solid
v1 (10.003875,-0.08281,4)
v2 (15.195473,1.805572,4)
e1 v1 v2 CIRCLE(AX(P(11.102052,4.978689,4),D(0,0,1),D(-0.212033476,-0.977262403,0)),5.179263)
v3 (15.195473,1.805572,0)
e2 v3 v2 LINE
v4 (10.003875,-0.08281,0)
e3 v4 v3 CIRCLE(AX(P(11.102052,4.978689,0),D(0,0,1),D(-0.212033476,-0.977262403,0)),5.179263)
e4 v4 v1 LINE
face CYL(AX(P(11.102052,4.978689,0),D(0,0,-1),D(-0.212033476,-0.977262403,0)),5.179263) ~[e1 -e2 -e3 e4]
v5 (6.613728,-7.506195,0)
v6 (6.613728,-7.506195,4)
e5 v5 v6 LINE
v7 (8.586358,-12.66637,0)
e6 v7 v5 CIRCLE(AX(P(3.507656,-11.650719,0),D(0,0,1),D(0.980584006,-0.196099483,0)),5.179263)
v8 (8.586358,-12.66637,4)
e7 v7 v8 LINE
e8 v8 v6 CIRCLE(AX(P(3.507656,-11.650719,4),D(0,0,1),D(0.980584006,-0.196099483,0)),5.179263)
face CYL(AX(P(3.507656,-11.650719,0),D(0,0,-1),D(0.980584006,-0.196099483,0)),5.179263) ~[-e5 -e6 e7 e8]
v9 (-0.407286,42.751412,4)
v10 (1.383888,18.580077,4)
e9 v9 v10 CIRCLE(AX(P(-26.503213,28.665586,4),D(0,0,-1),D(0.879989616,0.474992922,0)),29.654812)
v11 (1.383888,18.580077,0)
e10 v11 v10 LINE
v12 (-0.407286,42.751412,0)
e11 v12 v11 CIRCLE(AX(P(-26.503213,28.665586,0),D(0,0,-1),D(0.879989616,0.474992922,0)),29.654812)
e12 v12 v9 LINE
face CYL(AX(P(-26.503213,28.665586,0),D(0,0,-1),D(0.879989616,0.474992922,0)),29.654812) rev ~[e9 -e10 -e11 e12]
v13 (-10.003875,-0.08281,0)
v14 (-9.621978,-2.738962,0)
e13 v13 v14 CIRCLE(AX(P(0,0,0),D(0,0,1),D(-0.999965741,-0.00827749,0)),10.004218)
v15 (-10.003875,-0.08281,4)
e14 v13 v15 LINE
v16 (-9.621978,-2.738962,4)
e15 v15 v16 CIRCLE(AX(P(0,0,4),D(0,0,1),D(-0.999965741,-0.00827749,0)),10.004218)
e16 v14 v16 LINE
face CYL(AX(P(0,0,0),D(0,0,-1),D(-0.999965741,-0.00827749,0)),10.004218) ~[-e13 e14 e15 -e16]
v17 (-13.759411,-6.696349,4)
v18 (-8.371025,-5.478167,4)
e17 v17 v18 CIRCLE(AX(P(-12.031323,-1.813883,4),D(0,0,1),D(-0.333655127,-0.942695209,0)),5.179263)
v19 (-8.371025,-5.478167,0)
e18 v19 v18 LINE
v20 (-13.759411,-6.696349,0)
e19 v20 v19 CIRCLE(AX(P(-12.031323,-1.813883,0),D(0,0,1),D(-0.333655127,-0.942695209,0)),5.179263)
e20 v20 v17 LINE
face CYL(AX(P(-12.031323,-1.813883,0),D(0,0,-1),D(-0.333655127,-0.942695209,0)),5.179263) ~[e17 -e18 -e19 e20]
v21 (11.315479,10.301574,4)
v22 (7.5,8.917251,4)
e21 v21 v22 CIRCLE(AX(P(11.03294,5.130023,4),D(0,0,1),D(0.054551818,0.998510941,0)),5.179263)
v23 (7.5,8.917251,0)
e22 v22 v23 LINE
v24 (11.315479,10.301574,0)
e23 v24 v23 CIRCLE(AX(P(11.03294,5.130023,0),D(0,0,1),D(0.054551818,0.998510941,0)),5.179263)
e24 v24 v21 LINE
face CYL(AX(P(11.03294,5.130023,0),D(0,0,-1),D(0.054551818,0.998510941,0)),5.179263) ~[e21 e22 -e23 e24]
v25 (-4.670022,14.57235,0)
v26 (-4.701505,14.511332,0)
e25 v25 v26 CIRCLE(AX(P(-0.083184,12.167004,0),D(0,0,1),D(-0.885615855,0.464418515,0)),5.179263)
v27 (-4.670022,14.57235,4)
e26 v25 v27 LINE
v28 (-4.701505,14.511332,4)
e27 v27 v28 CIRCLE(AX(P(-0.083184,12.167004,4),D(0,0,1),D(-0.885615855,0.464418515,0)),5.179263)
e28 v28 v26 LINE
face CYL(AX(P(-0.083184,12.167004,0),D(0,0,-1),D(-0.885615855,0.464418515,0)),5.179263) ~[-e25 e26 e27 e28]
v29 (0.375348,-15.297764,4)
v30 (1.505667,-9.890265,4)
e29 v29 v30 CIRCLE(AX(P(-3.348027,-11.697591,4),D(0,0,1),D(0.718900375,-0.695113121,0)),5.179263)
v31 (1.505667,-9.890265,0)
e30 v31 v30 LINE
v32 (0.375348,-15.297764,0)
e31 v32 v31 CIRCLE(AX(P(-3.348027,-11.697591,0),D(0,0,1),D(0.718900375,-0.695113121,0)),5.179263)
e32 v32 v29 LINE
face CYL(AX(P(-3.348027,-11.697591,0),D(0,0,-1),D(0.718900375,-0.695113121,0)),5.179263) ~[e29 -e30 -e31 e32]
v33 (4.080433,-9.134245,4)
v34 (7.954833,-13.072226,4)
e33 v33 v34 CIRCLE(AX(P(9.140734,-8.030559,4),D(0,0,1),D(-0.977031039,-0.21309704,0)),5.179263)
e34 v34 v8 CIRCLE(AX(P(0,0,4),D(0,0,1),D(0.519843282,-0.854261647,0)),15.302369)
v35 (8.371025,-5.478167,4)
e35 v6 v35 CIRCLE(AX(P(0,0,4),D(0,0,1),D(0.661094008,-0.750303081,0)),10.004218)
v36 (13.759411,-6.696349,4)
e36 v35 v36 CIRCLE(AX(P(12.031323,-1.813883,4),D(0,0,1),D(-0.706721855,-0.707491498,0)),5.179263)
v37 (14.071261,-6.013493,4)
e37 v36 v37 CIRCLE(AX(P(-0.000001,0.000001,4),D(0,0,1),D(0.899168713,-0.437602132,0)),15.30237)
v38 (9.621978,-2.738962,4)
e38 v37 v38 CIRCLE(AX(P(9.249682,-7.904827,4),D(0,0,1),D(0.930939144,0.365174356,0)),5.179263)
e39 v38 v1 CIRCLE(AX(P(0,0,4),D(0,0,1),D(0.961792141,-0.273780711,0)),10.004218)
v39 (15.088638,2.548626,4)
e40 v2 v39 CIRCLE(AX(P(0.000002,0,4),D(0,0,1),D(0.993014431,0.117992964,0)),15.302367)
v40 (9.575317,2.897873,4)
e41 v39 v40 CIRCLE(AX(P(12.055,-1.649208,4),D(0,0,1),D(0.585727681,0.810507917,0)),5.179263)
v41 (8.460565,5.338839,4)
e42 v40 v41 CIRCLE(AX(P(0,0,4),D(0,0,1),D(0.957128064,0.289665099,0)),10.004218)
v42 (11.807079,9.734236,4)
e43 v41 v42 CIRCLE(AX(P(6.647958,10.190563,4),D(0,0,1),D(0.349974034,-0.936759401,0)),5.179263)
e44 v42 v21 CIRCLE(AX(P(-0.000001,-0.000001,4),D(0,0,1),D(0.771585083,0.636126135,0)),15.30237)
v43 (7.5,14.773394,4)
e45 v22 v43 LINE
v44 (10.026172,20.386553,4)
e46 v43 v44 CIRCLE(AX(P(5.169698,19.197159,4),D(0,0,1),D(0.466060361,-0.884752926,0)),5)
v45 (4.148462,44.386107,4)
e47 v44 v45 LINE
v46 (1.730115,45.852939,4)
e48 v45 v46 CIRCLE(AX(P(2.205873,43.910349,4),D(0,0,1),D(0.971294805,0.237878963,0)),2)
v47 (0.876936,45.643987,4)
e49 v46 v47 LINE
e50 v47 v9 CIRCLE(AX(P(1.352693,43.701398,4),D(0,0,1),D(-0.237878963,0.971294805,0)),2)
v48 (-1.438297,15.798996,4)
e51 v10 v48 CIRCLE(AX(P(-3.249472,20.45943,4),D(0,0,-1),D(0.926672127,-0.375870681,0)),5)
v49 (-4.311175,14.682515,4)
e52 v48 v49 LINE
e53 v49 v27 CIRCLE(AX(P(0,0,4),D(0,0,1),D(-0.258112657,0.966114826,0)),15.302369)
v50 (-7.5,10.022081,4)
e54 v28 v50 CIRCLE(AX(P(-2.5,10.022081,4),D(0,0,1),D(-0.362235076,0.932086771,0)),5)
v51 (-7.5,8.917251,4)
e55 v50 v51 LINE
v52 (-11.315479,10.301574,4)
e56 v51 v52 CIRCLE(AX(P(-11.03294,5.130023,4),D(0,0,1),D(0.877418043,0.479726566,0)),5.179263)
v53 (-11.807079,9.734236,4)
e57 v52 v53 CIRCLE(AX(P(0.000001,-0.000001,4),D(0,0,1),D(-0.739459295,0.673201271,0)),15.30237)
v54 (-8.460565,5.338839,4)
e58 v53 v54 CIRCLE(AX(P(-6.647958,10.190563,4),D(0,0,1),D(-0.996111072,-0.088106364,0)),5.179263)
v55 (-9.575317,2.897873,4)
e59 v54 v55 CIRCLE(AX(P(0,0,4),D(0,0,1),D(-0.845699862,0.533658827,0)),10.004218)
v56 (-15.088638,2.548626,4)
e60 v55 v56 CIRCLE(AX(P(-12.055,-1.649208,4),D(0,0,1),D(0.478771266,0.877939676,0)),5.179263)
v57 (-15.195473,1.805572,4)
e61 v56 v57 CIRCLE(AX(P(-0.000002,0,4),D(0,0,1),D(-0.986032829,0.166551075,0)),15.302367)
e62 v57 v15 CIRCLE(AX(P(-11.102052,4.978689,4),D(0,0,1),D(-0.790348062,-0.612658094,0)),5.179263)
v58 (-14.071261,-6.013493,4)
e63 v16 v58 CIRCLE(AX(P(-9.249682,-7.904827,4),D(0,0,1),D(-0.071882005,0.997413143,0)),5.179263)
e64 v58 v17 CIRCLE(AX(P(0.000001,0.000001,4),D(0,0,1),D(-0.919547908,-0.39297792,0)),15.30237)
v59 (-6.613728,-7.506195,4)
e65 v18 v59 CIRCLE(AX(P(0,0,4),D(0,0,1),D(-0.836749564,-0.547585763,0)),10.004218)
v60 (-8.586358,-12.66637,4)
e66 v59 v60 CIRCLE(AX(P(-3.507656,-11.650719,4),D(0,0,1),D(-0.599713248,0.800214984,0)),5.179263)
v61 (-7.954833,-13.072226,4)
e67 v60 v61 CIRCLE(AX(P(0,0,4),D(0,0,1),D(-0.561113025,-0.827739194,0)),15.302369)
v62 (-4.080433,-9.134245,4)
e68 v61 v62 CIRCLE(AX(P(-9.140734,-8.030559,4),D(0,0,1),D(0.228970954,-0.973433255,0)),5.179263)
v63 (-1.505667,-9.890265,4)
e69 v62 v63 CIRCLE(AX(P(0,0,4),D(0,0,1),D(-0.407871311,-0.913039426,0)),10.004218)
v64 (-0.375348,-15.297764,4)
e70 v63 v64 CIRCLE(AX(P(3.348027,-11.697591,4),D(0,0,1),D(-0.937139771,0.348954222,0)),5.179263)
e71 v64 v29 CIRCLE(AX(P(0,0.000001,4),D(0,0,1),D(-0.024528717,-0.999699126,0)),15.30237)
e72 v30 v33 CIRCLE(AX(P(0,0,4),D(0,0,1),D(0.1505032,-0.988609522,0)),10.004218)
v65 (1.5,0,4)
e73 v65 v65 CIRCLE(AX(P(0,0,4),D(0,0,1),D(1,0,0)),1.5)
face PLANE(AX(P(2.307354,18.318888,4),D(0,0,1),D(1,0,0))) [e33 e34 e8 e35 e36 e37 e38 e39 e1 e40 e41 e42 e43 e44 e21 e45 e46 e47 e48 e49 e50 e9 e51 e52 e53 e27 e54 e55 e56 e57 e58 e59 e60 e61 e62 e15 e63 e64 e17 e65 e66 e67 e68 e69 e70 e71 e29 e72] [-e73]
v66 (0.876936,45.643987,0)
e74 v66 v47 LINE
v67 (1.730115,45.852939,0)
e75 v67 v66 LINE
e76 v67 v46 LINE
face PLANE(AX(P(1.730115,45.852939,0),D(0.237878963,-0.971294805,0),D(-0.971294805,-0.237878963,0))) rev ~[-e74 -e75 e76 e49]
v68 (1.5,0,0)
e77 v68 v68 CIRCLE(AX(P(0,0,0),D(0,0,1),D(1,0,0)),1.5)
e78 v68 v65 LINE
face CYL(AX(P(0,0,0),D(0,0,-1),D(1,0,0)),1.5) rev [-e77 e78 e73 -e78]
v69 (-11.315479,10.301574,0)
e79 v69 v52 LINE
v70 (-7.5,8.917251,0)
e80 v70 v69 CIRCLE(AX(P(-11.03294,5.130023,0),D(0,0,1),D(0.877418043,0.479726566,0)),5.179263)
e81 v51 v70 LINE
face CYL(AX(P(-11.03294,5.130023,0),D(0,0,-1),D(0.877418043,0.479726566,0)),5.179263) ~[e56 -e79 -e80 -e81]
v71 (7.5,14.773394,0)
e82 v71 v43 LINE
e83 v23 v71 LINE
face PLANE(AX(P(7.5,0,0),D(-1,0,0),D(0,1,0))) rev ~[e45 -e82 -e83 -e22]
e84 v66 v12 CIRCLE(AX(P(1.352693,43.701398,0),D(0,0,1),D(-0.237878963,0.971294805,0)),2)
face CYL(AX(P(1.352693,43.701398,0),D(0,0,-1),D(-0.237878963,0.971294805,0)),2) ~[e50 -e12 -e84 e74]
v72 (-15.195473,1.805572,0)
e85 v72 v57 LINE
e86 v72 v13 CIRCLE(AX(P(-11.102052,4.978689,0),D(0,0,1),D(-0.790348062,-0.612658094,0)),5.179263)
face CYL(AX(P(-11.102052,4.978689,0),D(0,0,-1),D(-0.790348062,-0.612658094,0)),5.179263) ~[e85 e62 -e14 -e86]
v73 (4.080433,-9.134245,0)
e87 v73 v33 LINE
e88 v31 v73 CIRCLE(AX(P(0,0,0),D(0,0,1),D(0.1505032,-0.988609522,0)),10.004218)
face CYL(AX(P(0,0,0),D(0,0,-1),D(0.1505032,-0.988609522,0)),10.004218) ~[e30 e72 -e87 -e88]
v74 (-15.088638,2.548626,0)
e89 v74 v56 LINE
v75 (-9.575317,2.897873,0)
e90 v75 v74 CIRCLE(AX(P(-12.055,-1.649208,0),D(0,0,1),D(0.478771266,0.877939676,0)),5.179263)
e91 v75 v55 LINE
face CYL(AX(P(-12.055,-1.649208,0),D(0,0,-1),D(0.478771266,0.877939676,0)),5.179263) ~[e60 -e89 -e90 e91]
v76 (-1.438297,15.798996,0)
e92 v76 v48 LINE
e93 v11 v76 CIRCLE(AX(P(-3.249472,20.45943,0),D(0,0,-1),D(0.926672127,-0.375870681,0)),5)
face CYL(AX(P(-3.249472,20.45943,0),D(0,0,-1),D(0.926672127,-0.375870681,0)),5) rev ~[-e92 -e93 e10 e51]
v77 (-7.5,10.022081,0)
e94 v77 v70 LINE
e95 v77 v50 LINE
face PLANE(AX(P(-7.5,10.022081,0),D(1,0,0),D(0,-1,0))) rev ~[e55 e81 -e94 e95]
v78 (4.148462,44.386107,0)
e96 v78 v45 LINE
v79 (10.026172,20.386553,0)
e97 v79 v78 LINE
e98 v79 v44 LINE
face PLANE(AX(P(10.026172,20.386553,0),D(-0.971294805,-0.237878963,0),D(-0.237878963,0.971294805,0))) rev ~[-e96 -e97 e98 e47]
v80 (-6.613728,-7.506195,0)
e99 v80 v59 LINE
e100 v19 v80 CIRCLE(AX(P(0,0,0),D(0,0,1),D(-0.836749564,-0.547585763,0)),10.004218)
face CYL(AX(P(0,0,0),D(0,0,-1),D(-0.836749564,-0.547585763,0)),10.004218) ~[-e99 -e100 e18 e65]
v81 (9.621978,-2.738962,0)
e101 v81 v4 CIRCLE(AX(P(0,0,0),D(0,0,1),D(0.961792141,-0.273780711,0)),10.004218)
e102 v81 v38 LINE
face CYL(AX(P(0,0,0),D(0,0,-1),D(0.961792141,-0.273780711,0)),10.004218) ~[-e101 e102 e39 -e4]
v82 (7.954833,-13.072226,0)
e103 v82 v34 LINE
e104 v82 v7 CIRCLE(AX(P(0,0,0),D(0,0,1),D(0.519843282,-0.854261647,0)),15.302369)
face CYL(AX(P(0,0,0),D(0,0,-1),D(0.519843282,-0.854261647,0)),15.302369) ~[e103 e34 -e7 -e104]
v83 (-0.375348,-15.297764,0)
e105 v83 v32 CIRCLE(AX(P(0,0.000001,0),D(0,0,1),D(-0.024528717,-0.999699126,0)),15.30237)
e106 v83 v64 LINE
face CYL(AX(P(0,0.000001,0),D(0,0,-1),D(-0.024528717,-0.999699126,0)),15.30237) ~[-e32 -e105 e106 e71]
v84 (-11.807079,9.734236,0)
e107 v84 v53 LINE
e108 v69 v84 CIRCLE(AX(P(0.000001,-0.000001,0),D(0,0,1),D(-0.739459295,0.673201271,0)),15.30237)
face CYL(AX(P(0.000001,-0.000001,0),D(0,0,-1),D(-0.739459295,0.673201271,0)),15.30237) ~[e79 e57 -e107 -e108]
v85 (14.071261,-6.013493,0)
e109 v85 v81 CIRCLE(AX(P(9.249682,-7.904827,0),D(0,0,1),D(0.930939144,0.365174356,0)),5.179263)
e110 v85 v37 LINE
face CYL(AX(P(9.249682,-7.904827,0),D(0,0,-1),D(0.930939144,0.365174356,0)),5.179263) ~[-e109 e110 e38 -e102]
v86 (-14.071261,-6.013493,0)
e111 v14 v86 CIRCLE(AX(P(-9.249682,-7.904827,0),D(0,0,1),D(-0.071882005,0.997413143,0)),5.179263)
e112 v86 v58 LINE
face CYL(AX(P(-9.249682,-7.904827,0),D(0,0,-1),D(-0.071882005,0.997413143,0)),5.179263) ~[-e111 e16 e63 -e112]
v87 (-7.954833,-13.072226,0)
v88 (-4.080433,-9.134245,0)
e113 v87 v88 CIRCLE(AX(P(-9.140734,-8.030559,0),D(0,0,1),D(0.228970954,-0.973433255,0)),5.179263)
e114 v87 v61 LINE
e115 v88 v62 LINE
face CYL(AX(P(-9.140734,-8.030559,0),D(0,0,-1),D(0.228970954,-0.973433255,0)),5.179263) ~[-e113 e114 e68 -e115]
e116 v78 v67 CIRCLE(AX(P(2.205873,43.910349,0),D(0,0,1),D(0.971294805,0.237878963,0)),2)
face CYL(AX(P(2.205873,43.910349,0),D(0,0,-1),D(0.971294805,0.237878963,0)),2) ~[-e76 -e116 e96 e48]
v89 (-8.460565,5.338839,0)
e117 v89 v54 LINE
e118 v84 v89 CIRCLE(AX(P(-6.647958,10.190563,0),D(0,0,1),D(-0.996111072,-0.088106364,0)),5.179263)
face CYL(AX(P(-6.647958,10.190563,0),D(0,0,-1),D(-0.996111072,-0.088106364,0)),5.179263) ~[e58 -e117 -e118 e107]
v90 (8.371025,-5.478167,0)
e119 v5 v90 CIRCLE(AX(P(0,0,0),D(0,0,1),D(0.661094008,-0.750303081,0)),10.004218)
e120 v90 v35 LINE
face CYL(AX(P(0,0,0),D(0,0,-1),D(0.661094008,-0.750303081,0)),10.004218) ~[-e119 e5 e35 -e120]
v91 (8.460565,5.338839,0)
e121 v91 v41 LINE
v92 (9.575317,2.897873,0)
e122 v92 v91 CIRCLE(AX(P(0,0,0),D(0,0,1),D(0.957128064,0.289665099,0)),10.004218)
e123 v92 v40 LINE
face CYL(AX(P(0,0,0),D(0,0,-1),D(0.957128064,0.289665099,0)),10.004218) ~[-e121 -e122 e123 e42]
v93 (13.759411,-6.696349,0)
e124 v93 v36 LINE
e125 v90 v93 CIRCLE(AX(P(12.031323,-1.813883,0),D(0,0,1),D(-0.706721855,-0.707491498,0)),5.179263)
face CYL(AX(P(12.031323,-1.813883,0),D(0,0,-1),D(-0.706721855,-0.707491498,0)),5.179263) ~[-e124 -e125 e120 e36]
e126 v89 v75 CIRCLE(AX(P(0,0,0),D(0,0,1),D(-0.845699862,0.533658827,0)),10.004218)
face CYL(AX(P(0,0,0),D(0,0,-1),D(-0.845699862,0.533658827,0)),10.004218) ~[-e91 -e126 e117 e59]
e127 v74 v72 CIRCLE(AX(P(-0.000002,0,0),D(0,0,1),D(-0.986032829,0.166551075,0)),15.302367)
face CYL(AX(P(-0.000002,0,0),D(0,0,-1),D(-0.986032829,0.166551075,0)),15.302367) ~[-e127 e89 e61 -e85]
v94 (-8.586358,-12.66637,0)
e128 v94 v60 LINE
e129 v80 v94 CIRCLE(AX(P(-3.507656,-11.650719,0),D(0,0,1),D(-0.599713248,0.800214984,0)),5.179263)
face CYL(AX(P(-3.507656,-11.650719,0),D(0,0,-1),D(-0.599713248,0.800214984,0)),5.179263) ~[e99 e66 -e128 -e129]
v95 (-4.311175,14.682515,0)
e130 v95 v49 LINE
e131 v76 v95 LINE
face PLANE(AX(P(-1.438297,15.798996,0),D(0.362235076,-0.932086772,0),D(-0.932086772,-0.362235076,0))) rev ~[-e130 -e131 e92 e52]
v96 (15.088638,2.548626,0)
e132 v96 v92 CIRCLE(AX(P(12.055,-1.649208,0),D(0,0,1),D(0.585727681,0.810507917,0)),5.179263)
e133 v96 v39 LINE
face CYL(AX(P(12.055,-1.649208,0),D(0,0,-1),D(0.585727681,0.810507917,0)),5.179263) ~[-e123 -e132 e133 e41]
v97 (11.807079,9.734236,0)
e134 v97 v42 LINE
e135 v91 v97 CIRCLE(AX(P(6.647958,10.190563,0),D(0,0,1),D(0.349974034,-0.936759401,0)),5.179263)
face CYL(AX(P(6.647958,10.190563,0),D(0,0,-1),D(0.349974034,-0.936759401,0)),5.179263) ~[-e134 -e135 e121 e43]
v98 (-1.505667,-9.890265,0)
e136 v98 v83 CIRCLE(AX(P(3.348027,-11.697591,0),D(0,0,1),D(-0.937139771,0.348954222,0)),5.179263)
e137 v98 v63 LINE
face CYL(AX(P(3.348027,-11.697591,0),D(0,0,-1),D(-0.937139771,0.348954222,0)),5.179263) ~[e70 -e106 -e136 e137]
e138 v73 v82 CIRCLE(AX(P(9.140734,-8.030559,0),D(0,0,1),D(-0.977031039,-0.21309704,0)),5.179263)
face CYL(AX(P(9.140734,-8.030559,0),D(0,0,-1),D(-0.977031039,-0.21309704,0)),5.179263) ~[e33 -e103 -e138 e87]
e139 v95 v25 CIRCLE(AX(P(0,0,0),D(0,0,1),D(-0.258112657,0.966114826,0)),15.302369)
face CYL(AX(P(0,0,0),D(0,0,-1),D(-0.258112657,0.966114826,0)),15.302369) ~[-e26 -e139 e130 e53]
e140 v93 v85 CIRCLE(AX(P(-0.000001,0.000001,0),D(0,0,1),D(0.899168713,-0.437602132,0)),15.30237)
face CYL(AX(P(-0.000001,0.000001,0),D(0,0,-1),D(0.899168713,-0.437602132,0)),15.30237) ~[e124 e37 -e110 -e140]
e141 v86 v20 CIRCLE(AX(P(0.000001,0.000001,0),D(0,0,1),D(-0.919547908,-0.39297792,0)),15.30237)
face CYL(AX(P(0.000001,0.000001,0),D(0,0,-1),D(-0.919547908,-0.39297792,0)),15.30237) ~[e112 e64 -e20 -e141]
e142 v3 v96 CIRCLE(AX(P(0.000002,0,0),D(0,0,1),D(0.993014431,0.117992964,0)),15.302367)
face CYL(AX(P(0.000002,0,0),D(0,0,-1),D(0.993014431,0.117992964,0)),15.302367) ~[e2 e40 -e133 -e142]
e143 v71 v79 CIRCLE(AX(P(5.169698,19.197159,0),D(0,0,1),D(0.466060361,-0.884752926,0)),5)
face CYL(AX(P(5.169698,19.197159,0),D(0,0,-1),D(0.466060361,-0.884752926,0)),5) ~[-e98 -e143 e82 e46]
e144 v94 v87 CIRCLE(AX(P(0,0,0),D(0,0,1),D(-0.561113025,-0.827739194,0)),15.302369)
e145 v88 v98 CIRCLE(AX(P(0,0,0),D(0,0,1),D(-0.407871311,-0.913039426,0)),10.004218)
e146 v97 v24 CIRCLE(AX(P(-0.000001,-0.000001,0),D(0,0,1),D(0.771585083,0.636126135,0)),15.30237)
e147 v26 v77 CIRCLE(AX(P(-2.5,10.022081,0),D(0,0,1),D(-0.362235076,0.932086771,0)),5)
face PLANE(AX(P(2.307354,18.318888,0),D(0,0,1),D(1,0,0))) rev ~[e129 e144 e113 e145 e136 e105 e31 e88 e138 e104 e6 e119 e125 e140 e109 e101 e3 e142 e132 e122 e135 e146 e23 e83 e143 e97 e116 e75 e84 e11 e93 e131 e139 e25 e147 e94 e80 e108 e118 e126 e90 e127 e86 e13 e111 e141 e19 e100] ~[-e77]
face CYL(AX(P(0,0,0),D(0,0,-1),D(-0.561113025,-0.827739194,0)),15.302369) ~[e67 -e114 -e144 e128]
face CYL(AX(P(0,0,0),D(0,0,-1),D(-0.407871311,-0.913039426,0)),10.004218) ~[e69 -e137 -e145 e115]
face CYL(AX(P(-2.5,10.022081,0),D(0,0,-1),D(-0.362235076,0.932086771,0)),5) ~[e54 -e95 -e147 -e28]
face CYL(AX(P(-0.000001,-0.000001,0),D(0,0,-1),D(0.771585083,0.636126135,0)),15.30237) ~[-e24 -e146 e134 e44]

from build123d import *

# Parameters (mm, degrees)
SKETCH_1_R      = 1.5
EXTRUDE_1_DEPTH = 4
EXTRUDE_START   = -4
SKETCH_2_R      = 1.5
EXTRUDE_2_DEPTH = 4


with BuildPart() as part:
    # Эскиз1 → Бобышка-Вытянуть1 (new body)
    with BuildSketch(Plane.XY):
        with BuildLine():
            ThreePointArc((14.071260881, -6.013492872), (12.319653053, -3.733490841), (9.621977893, -2.738961818))
            ThreePointArc((9.621977893, -2.738961818), (9.902389121, -1.423748614), (10.003874897, -0.082809815))
            ThreePointArc((10.003874897, -0.082809815), (12.872466462, 0.111410875), (15.195472667, 1.805571852))
            ThreePointArc((15.195472667, 1.805571852), (15.146612375, 2.177754087), (15.088637629, 2.548625862))
            ThreePointArc((15.088637629, 2.548625862), (12.382429194, 3.519694937), (9.575317452, 2.897872688))
            ThreePointArc((9.575317452, 2.897872688), (9.100156446, 4.155902197), (8.460565465, 5.338839053))
            ThreePointArc((8.460565465, 5.338839053), (10.768774621, 7.053105583), (11.807079223, 9.734236463))
            ThreePointArc((11.807079223, 9.734236463), (11.564758421, 10.020920215), (11.315478542, 10.301573893))
            ThreePointArc((11.315478542, 10.301573893), (8.513871556, 9.655402442), (6.488561375, 7.614653091))
            ThreePointArc((6.488561375, 7.614653091), (5.408688398, 8.416083426), (4.231086277, 9.065444244))
            ThreePointArc((4.231086277, 9.065444244), (5.246072926, 11.755489103), (4.67002155, 14.572349777))
            ThreePointArc((4.67002155, 14.572349777), (4.311175381, 14.68251498), (3.949734969, 14.783845))
            ThreePointArc((3.949734969, 14.783845), (1.942219856, 12.725587893), (1.341732908, 9.91383494))
            ThreePointArc((1.341732908, 9.91383494), (0, 10.004217632), (-1.341732908, 9.91383494))
            ThreePointArc((-1.341732908, 9.91383494), (-1.942219856, 12.725587893), (-3.949734969, 14.783845))
            ThreePointArc((-3.949734969, 14.783845), (-4.311175381, 14.68251498), (-4.67002155, 14.572349777))
            ThreePointArc((-4.67002155, 14.572349777), (-5.246072926, 11.755489103), (-4.231086277, 9.065444244))
            ThreePointArc((-4.231086277, 9.065444244), (-5.408688398, 8.416083426), (-6.488561375, 7.614653091))
            ThreePointArc((-6.488561375, 7.614653091), (-8.513871556, 9.655402442), (-11.315478542, 10.301573893))
            ThreePointArc((-11.315478542, 10.301573893), (-11.564758421, 10.020920215), (-11.807079223, 9.734236463))
            ThreePointArc((-11.807079223, 9.734236463), (-10.768774621, 7.053105583), (-8.460565465, 5.338839053))
            ThreePointArc((-8.460565465, 5.338839053), (-9.100156446, 4.155902197), (-9.575317452, 2.897872688))
            ThreePointArc((-9.575317452, 2.897872688), (-12.382429194, 3.519694937), (-15.088637629, 2.548625862))
            ThreePointArc((-15.088637629, 2.548625862), (-15.146612375, 2.177754087), (-15.195472667, 1.805571852))
            ThreePointArc((-15.195472667, 1.805571852), (-12.872466462, 0.111410875), (-10.003874897, -0.082809815))
            ThreePointArc((-10.003874897, -0.082809815), (-9.902389121, -1.423748614), (-9.621977893, -2.738961818))
            ThreePointArc((-9.621977893, -2.738961818), (-12.319653053, -3.733490841), (-14.071260881, -6.013492872))
            ThreePointArc((-14.071260881, -6.013492872), (-13.91952392, -6.356833577), (-13.759410906, -6.696349066))
            ThreePointArc((-13.759410906, -6.696349066), (-10.889241154, -6.865655999), (-8.371024733, -5.478167151))
            ThreePointArc((-8.371024733, -5.478167151), (-7.560683217, -6.551369301), (-6.613728339, -7.506195299))
            ThreePointArc((-6.613728339, -7.506195299), (-8.345474114, -9.801319657), (-8.586358225, -12.666370108))
            ThreePointArc((-8.586358225, -12.666370108), (-8.273084972, -12.873171495), (-7.954833402, -13.072226469))
            ThreePointArc((-7.954833402, -13.072226469), (-5.448758719, -11.662925603), (-4.080433364, -9.134245124))
            ThreePointArc((-4.080433364, -9.134245124), (-2.818513813, -9.598976524), (-1.505666768, -9.89026481))
            ThreePointArc((-1.505666768, -9.89026481), (-1.72166611, -12.757298735), (-0.375347502, -15.297764332))
            ThreePointArc((-0.375347502, -15.297764332), (0, -15.302368421), (0.375347502, -15.297764332))
            ThreePointArc((0.375347502, -15.297764332), (1.72166611, -12.757298735), (1.505666768, -9.89026481))
            ThreePointArc((1.505666768, -9.89026481), (2.818513813, -9.598976524), (4.080433364, -9.134245124))
            ThreePointArc((4.080433364, -9.134245124), (5.448758719, -11.662925603), (7.954833402, -13.072226469))
            ThreePointArc((7.954833402, -13.072226469), (8.273084972, -12.873171495), (8.586358225, -12.666370108))
            ThreePointArc((8.586358225, -12.666370108), (8.345474114, -9.801319657), (6.613728339, -7.506195299))
            ThreePointArc((6.613728339, -7.506195299), (7.560683217, -6.551369301), (8.371024733, -5.478167151))
            ThreePointArc((8.371024733, -5.478167151), (10.889241154, -6.865655999), (13.759410906, -6.696349066))
            ThreePointArc((13.759410906, -6.696349066), (13.91952392, -6.356833577), (14.071260881, -6.013492872))
        make_face()
        Circle(SKETCH_1_R, mode=Mode.SUBTRACT)
    extrude(amount=EXTRUDE_1_DEPTH)

    # Эскиз2 → Бобышка-Вытянуть2 (add)
    with BuildSketch(Plane.XY.offset(4).offset(EXTRUDE_START)):
        with BuildLine():
            Line((-7.5, 10.022081122), (-7.5, 0))
            ThreePointArc((-7.5, 0), (0, -7.5), (7.5, 0))
            Line((7.5, 0), (7.5, 14.773393999))
            ThreePointArc((7.5, 14.773393999), (9.729229581, 17.145166049), (10.026172222, 20.386553445))
            Line((10.026172222, 20.386553445), (4.148462459, 44.386107165))
            ThreePointArc((4.148462459, 44.386107165), (3.243079479, 45.620379181), (1.730114922, 45.852938848))
            Line((1.730114922, 45.852938848), (0.876935531, 45.643987428))
            ThreePointArc((0.876935531, 45.643987428), (-0.475250292, 44.512952898), (-0.407285774, 42.751411973))
            ThreePointArc((-0.407285774, 42.751411973), (3.070511892, 30.857094407), (1.383888162, 18.580076554))
            ThreePointArc((1.383888162, 18.580076554), (0.260030802, 16.89805568), (-1.438297092, 15.798996103))
            Line((-1.438297092, 15.798996103), (-4.311175381, 14.68251498))
            ThreePointArc((-4.311175381, 14.68251498), (-6.62649227, 12.84556506), (-7.5, 10.022081122))
        make_face()
        Circle(SKETCH_2_R, mode=Mode.SUBTRACT)
    extrude(amount=EXTRUDE_2_DEPTH)


solid = part.part
